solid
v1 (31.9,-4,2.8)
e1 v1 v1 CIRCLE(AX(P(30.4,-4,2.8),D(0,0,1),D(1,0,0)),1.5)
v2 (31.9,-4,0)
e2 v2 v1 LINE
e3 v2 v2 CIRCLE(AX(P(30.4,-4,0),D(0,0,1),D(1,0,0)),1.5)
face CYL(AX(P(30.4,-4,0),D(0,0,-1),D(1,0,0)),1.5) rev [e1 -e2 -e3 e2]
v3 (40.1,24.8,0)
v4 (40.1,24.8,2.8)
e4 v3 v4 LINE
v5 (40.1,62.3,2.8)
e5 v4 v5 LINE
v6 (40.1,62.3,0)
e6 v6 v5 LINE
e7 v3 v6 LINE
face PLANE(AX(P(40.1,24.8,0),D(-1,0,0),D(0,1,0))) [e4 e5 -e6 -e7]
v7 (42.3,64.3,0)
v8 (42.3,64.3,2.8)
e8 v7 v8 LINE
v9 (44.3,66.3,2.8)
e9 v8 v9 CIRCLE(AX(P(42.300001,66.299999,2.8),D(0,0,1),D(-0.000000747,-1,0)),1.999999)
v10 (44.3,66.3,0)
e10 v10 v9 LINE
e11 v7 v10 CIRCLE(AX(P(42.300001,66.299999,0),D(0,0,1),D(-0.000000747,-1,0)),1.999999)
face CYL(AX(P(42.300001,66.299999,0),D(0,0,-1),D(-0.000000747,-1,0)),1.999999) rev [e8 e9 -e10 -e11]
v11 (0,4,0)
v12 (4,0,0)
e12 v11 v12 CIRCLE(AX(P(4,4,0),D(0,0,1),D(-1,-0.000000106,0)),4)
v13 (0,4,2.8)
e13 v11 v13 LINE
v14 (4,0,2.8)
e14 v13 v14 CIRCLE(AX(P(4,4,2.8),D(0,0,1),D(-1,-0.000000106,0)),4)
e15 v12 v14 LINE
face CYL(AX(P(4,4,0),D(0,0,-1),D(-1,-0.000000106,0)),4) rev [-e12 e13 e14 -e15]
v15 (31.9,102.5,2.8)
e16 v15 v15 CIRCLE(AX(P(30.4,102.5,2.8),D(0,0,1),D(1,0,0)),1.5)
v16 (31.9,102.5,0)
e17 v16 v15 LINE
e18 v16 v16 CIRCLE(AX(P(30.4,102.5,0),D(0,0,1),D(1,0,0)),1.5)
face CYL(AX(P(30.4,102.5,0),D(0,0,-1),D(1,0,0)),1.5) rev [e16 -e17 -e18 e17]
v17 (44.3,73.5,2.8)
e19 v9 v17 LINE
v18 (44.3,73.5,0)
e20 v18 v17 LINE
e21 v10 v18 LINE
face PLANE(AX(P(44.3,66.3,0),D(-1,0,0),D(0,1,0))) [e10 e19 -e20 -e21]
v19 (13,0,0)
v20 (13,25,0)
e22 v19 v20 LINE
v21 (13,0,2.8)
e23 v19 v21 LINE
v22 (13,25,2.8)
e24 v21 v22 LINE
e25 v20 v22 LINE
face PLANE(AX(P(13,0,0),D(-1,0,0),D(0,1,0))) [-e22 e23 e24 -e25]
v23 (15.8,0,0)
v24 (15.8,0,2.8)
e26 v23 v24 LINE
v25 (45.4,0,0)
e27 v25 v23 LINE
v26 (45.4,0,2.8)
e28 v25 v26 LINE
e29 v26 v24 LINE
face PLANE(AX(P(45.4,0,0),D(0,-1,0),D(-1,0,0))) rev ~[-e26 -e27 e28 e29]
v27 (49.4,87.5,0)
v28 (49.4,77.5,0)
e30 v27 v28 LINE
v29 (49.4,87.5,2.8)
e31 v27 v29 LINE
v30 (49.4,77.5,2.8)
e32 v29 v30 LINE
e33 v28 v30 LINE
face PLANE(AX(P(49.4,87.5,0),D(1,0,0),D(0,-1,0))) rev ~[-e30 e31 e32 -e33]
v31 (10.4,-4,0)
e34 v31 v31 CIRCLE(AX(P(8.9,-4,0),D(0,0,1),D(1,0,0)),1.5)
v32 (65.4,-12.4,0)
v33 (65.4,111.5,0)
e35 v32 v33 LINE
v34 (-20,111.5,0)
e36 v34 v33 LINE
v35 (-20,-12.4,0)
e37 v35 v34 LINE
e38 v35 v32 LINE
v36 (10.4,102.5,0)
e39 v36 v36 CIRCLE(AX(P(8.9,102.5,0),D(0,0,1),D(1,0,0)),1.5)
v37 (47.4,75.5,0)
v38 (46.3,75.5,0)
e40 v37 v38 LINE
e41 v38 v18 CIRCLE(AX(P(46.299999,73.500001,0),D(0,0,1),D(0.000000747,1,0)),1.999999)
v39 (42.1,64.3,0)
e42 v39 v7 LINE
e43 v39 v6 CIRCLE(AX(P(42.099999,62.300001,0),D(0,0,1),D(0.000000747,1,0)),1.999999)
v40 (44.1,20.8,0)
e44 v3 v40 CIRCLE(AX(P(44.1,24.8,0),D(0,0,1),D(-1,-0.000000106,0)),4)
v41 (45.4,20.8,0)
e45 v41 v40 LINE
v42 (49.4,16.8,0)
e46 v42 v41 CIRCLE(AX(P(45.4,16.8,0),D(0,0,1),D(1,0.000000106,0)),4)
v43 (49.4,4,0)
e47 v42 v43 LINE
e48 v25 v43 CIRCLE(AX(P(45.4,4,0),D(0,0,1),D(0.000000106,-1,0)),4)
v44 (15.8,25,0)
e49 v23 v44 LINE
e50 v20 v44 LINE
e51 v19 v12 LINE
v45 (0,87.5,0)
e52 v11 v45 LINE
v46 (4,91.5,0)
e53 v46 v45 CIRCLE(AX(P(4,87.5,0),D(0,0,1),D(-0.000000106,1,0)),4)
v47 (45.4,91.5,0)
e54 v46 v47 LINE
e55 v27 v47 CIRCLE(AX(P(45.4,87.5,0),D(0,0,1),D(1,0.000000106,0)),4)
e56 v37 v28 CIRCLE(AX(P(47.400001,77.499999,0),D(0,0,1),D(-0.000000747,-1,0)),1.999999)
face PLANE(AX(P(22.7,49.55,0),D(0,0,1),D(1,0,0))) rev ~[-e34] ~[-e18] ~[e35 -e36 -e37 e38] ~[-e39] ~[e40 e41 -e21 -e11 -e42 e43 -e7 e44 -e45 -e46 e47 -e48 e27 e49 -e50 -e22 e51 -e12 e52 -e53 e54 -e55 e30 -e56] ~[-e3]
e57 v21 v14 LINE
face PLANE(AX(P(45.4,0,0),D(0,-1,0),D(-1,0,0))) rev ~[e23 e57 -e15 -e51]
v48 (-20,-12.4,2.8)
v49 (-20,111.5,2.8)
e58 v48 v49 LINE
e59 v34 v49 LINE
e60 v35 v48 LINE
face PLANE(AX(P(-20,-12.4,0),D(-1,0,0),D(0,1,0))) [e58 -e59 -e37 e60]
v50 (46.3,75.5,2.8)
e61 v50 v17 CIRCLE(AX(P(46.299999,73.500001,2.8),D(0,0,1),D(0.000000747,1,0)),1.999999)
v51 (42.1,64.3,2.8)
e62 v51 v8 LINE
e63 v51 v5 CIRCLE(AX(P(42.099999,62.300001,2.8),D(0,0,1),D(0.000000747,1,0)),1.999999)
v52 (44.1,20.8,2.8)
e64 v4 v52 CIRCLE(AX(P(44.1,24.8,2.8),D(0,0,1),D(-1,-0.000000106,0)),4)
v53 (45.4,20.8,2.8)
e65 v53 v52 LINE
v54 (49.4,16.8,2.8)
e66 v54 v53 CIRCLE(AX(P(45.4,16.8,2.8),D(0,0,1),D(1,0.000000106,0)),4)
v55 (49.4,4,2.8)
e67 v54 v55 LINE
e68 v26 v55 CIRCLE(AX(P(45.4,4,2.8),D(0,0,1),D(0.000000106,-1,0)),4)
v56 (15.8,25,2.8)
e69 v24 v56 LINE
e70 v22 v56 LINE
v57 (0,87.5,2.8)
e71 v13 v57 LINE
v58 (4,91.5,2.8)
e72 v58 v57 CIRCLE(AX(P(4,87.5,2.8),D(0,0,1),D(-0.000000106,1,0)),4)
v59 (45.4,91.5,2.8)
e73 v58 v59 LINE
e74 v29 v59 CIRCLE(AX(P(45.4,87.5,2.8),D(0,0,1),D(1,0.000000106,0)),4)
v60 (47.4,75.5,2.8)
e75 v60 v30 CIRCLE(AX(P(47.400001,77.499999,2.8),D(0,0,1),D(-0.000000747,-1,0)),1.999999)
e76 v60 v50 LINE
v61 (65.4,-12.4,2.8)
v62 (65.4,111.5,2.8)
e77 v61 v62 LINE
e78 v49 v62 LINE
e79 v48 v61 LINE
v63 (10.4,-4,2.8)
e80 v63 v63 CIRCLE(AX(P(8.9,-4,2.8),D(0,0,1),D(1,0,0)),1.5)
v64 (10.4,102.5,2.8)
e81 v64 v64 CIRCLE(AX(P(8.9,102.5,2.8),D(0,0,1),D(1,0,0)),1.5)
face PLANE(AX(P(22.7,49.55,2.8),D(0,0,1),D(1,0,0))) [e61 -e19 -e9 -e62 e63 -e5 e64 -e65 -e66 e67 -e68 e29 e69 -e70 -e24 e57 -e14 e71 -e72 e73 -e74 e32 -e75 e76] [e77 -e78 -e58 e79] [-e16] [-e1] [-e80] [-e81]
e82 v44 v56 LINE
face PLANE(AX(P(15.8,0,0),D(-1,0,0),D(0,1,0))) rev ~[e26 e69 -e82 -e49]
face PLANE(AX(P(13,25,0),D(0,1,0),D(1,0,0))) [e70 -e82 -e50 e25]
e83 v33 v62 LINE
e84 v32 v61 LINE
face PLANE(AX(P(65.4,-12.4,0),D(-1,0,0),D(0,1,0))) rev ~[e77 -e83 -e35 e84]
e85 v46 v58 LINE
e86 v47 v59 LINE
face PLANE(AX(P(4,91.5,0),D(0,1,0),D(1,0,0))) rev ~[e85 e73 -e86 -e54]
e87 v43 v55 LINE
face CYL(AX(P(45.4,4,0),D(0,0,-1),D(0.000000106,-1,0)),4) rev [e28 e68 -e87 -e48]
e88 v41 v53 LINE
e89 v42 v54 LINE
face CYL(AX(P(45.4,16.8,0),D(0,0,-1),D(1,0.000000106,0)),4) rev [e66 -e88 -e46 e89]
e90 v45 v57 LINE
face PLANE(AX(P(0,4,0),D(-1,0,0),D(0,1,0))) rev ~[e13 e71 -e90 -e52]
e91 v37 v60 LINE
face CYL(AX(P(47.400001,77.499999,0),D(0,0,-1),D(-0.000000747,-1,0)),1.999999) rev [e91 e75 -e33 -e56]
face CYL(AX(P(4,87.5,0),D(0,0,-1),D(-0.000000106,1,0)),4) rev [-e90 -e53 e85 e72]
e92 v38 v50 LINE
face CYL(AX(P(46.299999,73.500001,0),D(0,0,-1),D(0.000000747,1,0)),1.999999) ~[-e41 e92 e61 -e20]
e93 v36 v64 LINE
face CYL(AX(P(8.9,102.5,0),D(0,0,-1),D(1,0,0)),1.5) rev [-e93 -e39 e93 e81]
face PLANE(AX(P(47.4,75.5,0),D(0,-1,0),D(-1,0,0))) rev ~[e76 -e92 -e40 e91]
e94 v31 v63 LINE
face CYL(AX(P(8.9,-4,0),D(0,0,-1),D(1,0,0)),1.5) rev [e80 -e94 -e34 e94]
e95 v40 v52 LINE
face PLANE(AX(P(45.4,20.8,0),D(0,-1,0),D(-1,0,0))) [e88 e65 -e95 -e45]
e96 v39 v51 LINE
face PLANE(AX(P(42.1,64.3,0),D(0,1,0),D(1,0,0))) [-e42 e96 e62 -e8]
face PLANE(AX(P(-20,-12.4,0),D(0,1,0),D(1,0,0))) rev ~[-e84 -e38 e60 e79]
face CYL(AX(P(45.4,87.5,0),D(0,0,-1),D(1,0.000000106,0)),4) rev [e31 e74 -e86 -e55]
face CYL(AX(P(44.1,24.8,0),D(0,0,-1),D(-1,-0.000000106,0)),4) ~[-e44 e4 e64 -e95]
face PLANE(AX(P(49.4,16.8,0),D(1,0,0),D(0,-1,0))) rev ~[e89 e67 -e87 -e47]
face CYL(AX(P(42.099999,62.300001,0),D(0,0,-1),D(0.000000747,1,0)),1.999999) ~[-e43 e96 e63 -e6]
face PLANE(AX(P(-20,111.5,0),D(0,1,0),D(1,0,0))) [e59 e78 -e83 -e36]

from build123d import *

# Parameters (mm, degrees)
SKETCH_W     = 85.4
SKETCH_H     = 123.9
SKETCH_R     = 1.5
PAD_DEPTH    = 2.8
SKETCH001_W  = 2.8
SKETCH001_H  = 25
PAD001_DEPTH = 2.8


with BuildPart() as part:
    # Sketch → Pad (new body)
    with BuildSketch(Plane.XY):
        with Locations((22.7, 49.55)):
            Rectangle(SKETCH_W, SKETCH_H)
        with Locations((8.9, -4)):
            Circle(SKETCH_R, mode=Mode.SUBTRACT)
        with Locations((30.4, -4)):
            Circle(SKETCH_R, mode=Mode.SUBTRACT)
        with Locations((8.9, 102.5)):
            Circle(SKETCH_R, mode=Mode.SUBTRACT)
        with Locations((30.4, 102.5)):
            Circle(SKETCH_R, mode=Mode.SUBTRACT)
        with BuildLine():
            Line((4, 91.5), (45.4, 91.5))
            ThreePointArc((49.4, 87.5), (48.228427, 90.328427), (45.4, 91.5))
            Line((49.4, 87.5), (49.4, 77.5))
            ThreePointArc((47.4, 75.5), (48.814214, 76.085786), (49.4, 77.5))
            Line((47.4, 75.5), (46.3, 75.5))
            ThreePointArc((46.3, 75.5), (44.885786, 74.914214), (44.3, 73.5))
            Line((44.3, 66.3), (44.3, 73.5))
            ThreePointArc((42.3, 64.3), (43.714214, 64.885786), (44.3, 66.3))
            Line((42.1, 64.3), (42.3, 64.3))
            ThreePointArc((42.1, 64.3), (40.685786, 63.714214), (40.1, 62.3))
            Line((40.1, 24.8), (40.1, 62.3))
            ThreePointArc((40.1, 24.8), (41.271573, 21.971573), (44.1, 20.8))
            Line((45.4, 20.8), (44.1, 20.8))
            ThreePointArc((49.4, 16.8), (48.228427, 19.628427), (45.4, 20.8))
            Line((49.4, 16.8), (49.4, 4))
            ThreePointArc((45.4, 0), (48.228427, 1.171573), (49.4, 4))
            Line((45.4, 0), (4, 0))
            ThreePointArc((0, 4), (1.171573, 1.171573), (4, 0))
            Line((0, 4), (0, 87.5))
            ThreePointArc((4, 91.5), (1.171573, 90.328427), (0, 87.5))
        make_face(mode=Mode.SUBTRACT)
    extrude(amount=PAD_DEPTH)

    # Sketch001 → Pad001 (join)
    with BuildSketch(Plane.XY):
        with Locations((14.4, 12.5)):
            Rectangle(SKETCH001_W, SKETCH001_H)
    extrude(amount=PAD001_DEPTH)


solid = part.part
